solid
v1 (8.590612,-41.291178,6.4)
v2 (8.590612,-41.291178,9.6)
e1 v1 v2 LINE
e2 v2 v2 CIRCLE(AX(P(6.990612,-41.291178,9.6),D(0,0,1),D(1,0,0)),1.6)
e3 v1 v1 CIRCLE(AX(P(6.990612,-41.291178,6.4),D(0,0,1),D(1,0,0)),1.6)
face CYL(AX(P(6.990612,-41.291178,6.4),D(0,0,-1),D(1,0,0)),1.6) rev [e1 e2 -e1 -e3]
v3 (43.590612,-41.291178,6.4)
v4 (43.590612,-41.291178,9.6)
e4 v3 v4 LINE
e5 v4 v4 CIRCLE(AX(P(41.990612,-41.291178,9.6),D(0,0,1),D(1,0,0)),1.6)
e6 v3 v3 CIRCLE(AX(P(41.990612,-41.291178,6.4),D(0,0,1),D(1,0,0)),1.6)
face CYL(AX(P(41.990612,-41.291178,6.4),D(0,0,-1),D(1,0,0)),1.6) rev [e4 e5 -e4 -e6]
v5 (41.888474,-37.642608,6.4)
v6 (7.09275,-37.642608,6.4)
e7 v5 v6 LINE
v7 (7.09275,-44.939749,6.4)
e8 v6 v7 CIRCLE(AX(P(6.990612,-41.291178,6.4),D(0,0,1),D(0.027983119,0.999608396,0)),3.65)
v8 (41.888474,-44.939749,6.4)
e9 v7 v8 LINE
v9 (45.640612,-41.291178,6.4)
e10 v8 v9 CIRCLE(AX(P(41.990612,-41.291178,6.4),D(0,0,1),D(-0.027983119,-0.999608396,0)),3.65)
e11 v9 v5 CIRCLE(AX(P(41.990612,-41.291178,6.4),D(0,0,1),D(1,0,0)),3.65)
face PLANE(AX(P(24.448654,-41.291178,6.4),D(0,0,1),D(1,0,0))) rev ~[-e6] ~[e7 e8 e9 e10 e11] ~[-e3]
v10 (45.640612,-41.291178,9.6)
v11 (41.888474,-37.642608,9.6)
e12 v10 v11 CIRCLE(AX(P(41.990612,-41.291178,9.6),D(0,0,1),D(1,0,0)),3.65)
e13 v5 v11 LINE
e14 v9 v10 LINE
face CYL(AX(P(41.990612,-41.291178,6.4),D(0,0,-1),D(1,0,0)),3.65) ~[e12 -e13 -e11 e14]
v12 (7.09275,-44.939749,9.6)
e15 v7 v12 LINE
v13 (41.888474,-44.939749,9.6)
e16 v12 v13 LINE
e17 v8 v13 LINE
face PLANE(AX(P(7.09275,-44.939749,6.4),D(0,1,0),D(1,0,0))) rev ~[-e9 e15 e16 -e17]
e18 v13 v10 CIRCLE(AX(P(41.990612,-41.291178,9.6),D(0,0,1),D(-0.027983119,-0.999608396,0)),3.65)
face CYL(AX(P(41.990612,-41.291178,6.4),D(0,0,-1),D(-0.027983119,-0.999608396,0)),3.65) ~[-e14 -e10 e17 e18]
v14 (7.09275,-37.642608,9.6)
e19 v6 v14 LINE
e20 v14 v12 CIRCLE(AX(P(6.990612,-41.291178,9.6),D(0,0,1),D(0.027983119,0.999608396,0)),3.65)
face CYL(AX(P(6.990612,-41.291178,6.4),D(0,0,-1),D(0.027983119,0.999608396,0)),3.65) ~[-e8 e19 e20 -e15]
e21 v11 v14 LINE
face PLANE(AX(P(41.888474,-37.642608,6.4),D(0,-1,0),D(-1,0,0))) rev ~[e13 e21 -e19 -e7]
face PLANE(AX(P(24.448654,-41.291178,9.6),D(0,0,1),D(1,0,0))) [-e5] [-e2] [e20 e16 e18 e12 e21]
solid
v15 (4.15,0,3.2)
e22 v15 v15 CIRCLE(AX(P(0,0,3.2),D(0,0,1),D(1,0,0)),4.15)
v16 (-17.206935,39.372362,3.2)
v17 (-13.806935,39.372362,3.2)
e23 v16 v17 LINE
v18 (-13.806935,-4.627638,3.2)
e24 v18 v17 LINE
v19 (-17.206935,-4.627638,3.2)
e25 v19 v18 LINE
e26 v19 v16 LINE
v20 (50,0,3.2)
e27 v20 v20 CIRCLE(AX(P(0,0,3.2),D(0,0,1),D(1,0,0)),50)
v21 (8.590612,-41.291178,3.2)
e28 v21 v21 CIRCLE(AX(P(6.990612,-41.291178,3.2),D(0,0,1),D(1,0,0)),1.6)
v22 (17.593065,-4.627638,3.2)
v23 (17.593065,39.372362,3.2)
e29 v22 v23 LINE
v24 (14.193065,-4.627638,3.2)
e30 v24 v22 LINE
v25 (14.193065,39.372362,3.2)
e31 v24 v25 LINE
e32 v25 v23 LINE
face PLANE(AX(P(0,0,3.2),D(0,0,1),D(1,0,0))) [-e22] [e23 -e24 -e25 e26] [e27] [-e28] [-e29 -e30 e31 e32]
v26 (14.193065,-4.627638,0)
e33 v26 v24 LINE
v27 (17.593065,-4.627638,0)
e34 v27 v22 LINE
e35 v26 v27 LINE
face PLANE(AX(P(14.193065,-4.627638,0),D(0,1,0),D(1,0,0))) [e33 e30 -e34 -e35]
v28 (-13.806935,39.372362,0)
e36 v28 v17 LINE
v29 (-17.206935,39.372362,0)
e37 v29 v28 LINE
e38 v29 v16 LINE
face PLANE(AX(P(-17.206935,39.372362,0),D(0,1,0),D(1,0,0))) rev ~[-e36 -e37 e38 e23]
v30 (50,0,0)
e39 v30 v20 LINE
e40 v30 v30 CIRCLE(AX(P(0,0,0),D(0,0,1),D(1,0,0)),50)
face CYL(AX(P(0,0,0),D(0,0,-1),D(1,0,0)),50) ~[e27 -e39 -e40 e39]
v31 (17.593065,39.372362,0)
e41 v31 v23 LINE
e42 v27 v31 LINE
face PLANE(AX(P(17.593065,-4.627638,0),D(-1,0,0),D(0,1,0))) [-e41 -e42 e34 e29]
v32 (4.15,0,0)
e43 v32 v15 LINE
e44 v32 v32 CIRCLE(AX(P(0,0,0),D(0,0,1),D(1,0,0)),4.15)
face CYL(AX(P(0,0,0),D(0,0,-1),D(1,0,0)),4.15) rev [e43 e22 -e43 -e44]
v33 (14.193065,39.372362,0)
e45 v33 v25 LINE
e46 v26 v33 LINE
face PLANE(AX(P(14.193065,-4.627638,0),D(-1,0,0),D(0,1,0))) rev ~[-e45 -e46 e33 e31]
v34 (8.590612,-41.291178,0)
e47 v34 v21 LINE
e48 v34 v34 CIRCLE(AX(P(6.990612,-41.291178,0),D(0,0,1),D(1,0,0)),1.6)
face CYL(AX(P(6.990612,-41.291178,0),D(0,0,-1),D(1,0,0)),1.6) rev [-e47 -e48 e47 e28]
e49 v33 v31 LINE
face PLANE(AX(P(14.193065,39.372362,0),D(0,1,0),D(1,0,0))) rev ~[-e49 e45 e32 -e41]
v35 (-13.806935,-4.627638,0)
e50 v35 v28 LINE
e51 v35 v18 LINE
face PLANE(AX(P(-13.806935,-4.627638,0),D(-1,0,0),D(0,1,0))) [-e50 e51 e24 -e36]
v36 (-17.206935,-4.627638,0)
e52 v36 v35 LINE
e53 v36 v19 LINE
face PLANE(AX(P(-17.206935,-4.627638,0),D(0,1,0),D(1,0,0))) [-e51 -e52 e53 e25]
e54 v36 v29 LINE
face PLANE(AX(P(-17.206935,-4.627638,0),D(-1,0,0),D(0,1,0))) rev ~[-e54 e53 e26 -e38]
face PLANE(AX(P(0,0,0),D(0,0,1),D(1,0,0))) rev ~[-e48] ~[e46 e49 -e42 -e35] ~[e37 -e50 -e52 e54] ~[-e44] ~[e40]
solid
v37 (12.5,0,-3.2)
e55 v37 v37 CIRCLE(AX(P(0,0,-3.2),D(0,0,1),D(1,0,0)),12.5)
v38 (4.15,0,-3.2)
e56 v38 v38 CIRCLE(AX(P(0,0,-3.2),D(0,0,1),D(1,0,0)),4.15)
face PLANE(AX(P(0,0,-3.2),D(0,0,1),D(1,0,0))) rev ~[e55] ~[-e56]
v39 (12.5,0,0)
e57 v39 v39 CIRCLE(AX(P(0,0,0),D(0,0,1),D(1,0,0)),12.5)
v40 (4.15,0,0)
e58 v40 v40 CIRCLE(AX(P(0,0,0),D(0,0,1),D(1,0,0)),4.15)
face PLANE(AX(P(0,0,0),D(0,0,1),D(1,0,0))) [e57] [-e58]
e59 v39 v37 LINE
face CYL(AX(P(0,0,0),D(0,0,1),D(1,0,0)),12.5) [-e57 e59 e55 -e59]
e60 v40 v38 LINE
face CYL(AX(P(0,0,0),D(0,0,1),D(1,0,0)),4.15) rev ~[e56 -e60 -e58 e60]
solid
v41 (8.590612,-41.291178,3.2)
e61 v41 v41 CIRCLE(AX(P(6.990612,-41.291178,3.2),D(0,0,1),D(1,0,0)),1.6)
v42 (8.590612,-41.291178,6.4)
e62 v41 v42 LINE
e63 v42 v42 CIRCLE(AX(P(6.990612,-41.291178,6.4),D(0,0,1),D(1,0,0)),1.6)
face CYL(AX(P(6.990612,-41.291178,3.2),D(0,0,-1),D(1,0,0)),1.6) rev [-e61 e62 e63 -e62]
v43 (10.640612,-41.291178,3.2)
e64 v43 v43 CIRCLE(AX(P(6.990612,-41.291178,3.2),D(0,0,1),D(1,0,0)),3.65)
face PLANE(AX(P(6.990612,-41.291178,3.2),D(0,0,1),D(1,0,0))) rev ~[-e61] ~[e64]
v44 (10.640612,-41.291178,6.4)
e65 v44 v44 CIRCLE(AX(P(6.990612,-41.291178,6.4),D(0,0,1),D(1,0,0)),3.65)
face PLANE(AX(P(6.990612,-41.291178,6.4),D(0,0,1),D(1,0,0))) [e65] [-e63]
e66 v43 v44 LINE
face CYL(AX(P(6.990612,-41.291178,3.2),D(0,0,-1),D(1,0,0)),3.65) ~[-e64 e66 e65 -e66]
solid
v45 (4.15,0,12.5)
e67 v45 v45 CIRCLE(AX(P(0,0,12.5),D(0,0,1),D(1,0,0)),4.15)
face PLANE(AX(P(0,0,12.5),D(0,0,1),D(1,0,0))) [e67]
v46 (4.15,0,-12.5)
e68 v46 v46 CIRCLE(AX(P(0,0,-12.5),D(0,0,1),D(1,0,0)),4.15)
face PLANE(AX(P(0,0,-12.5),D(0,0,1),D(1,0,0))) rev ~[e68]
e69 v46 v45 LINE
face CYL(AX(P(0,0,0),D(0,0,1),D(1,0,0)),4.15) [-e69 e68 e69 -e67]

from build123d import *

# Parameters (mm, degrees)
F0_R     = 50
F0_R_2   = 1.6
F0_W     = 3.4
F0_H     = 44
F0_R_3   = 4.15
F1_DEPTH = 3.2
F2_R     = 12.5
F2_R_2   = 4.15
F3_DEPTH = 3.2
F4_DEPTH = 12.5
F5_R     = 3.65
F5_R_2   = 1.6
F6_DEPTH = 3.2
F7_R     = 1.6
F8_DEPTH = 3.2


with BuildPart() as f1:
    # F0 (on Top) → F1 (new body)
    with BuildSketch(Plane.XY):
        Circle(F0_R)
        with Locations((6.9906120189, -41.291178298)):
            Circle(F0_R_2, mode=Mode.SUBTRACT)
        with Locations((-15.506935212, 17.3723615035)):
            Rectangle(F0_W, F0_H, mode=Mode.SUBTRACT)
        Circle(F0_R_3, mode=Mode.SUBTRACT)
        with Locations((15.893064788, 17.3723615035)):
            Rectangle(F0_W, F0_H, mode=Mode.SUBTRACT)
    extrude(amount=F1_DEPTH)


with BuildPart() as f3:
    # F2 (on face) → F3 (new body)
    with BuildSketch(Plane.XY):
        Circle(F2_R)
        Circle(F2_R_2, mode=Mode.SUBTRACT)
    extrude(amount=-F3_DEPTH)


with BuildPart() as f4:
    # F0 (on Top) → F4 (new body, symmetric)
    with BuildSketch(Plane.XY):
        Circle(F0_R_3)
    extrude(amount=F4_DEPTH, both=True)


with BuildPart() as f6:
    # F5 (on face) → F6 (new body)
    with BuildSketch(Plane.XY.offset(3.2)):
        with Locations((6.9906120189, -41.291178298)):
            Circle(F5_R)
        with Locations((6.9906120189, -41.291178298)):
            Circle(F5_R_2, mode=Mode.SUBTRACT)
    extrude(amount=F6_DEPTH)


with BuildPart() as f8:
    # F7 (on face) → F8 (new body)
    with BuildSketch(Plane.XY.offset(6.4)):
        with BuildLine():
            ThreePointArc((10.6406120189, -41.291178298), (9.607413989, -43.8357504524), (7.0927504029, -44.9397489429))
            Line((7.0927504029, -44.9397489429), (41.8884736348, -44.9397489429))
            ThreePointArc((41.8884736348, -44.9397489429), (38.3406120189, -41.291178298), (41.8884736348, -37.6426076531))
            Line((41.8884736348, -37.6426076531), (7.0927504029, -37.6426076531))
            ThreePointArc((7.0927504029, -37.6426076531), (9.607413989, -38.7466061436), (10.6406120189, -41.291178298))
        make_face()
        with BuildLine():
            ThreePointArc((7.0927504029, -37.6426076531), (3.3406120189, -41.291178298), (7.0927504029, -44.9397489429))
            ThreePointArc((7.0927504029, -44.9397489429), (9.607413989, -43.8357504524), (10.6406120189, -41.291178298))
            ThreePointArc((10.6406120189, -41.291178298), (9.607413989, -38.7466061436), (7.0927504029, -37.6426076531))
        make_face()
        with Locations((6.9906120189, -41.291178298)):
            Circle(F7_R, mode=Mode.SUBTRACT)
        with BuildLine():
            ThreePointArc((41.8884736348, -37.6426076531), (38.3406120189, -41.291178298), (41.8884736348, -44.9397489429))
            ThreePointArc((41.8884736348, -44.9397489429), (44.5351841733, -43.9079802681), (45.6406120189, -41.291178298))
            ThreePointArc((45.6406120189, -41.291178298), (44.5351841733, -38.6743763279), (41.8884736348, -37.6426076531))
        make_face()
        with Locations((41.9906120189, -41.291178298)):
            Circle(F7_R, mode=Mode.SUBTRACT)
    extrude(amount=F8_DEPTH)


solid = Compound([f1.part, f3.part, f4.part, f6.part, f8.part])
